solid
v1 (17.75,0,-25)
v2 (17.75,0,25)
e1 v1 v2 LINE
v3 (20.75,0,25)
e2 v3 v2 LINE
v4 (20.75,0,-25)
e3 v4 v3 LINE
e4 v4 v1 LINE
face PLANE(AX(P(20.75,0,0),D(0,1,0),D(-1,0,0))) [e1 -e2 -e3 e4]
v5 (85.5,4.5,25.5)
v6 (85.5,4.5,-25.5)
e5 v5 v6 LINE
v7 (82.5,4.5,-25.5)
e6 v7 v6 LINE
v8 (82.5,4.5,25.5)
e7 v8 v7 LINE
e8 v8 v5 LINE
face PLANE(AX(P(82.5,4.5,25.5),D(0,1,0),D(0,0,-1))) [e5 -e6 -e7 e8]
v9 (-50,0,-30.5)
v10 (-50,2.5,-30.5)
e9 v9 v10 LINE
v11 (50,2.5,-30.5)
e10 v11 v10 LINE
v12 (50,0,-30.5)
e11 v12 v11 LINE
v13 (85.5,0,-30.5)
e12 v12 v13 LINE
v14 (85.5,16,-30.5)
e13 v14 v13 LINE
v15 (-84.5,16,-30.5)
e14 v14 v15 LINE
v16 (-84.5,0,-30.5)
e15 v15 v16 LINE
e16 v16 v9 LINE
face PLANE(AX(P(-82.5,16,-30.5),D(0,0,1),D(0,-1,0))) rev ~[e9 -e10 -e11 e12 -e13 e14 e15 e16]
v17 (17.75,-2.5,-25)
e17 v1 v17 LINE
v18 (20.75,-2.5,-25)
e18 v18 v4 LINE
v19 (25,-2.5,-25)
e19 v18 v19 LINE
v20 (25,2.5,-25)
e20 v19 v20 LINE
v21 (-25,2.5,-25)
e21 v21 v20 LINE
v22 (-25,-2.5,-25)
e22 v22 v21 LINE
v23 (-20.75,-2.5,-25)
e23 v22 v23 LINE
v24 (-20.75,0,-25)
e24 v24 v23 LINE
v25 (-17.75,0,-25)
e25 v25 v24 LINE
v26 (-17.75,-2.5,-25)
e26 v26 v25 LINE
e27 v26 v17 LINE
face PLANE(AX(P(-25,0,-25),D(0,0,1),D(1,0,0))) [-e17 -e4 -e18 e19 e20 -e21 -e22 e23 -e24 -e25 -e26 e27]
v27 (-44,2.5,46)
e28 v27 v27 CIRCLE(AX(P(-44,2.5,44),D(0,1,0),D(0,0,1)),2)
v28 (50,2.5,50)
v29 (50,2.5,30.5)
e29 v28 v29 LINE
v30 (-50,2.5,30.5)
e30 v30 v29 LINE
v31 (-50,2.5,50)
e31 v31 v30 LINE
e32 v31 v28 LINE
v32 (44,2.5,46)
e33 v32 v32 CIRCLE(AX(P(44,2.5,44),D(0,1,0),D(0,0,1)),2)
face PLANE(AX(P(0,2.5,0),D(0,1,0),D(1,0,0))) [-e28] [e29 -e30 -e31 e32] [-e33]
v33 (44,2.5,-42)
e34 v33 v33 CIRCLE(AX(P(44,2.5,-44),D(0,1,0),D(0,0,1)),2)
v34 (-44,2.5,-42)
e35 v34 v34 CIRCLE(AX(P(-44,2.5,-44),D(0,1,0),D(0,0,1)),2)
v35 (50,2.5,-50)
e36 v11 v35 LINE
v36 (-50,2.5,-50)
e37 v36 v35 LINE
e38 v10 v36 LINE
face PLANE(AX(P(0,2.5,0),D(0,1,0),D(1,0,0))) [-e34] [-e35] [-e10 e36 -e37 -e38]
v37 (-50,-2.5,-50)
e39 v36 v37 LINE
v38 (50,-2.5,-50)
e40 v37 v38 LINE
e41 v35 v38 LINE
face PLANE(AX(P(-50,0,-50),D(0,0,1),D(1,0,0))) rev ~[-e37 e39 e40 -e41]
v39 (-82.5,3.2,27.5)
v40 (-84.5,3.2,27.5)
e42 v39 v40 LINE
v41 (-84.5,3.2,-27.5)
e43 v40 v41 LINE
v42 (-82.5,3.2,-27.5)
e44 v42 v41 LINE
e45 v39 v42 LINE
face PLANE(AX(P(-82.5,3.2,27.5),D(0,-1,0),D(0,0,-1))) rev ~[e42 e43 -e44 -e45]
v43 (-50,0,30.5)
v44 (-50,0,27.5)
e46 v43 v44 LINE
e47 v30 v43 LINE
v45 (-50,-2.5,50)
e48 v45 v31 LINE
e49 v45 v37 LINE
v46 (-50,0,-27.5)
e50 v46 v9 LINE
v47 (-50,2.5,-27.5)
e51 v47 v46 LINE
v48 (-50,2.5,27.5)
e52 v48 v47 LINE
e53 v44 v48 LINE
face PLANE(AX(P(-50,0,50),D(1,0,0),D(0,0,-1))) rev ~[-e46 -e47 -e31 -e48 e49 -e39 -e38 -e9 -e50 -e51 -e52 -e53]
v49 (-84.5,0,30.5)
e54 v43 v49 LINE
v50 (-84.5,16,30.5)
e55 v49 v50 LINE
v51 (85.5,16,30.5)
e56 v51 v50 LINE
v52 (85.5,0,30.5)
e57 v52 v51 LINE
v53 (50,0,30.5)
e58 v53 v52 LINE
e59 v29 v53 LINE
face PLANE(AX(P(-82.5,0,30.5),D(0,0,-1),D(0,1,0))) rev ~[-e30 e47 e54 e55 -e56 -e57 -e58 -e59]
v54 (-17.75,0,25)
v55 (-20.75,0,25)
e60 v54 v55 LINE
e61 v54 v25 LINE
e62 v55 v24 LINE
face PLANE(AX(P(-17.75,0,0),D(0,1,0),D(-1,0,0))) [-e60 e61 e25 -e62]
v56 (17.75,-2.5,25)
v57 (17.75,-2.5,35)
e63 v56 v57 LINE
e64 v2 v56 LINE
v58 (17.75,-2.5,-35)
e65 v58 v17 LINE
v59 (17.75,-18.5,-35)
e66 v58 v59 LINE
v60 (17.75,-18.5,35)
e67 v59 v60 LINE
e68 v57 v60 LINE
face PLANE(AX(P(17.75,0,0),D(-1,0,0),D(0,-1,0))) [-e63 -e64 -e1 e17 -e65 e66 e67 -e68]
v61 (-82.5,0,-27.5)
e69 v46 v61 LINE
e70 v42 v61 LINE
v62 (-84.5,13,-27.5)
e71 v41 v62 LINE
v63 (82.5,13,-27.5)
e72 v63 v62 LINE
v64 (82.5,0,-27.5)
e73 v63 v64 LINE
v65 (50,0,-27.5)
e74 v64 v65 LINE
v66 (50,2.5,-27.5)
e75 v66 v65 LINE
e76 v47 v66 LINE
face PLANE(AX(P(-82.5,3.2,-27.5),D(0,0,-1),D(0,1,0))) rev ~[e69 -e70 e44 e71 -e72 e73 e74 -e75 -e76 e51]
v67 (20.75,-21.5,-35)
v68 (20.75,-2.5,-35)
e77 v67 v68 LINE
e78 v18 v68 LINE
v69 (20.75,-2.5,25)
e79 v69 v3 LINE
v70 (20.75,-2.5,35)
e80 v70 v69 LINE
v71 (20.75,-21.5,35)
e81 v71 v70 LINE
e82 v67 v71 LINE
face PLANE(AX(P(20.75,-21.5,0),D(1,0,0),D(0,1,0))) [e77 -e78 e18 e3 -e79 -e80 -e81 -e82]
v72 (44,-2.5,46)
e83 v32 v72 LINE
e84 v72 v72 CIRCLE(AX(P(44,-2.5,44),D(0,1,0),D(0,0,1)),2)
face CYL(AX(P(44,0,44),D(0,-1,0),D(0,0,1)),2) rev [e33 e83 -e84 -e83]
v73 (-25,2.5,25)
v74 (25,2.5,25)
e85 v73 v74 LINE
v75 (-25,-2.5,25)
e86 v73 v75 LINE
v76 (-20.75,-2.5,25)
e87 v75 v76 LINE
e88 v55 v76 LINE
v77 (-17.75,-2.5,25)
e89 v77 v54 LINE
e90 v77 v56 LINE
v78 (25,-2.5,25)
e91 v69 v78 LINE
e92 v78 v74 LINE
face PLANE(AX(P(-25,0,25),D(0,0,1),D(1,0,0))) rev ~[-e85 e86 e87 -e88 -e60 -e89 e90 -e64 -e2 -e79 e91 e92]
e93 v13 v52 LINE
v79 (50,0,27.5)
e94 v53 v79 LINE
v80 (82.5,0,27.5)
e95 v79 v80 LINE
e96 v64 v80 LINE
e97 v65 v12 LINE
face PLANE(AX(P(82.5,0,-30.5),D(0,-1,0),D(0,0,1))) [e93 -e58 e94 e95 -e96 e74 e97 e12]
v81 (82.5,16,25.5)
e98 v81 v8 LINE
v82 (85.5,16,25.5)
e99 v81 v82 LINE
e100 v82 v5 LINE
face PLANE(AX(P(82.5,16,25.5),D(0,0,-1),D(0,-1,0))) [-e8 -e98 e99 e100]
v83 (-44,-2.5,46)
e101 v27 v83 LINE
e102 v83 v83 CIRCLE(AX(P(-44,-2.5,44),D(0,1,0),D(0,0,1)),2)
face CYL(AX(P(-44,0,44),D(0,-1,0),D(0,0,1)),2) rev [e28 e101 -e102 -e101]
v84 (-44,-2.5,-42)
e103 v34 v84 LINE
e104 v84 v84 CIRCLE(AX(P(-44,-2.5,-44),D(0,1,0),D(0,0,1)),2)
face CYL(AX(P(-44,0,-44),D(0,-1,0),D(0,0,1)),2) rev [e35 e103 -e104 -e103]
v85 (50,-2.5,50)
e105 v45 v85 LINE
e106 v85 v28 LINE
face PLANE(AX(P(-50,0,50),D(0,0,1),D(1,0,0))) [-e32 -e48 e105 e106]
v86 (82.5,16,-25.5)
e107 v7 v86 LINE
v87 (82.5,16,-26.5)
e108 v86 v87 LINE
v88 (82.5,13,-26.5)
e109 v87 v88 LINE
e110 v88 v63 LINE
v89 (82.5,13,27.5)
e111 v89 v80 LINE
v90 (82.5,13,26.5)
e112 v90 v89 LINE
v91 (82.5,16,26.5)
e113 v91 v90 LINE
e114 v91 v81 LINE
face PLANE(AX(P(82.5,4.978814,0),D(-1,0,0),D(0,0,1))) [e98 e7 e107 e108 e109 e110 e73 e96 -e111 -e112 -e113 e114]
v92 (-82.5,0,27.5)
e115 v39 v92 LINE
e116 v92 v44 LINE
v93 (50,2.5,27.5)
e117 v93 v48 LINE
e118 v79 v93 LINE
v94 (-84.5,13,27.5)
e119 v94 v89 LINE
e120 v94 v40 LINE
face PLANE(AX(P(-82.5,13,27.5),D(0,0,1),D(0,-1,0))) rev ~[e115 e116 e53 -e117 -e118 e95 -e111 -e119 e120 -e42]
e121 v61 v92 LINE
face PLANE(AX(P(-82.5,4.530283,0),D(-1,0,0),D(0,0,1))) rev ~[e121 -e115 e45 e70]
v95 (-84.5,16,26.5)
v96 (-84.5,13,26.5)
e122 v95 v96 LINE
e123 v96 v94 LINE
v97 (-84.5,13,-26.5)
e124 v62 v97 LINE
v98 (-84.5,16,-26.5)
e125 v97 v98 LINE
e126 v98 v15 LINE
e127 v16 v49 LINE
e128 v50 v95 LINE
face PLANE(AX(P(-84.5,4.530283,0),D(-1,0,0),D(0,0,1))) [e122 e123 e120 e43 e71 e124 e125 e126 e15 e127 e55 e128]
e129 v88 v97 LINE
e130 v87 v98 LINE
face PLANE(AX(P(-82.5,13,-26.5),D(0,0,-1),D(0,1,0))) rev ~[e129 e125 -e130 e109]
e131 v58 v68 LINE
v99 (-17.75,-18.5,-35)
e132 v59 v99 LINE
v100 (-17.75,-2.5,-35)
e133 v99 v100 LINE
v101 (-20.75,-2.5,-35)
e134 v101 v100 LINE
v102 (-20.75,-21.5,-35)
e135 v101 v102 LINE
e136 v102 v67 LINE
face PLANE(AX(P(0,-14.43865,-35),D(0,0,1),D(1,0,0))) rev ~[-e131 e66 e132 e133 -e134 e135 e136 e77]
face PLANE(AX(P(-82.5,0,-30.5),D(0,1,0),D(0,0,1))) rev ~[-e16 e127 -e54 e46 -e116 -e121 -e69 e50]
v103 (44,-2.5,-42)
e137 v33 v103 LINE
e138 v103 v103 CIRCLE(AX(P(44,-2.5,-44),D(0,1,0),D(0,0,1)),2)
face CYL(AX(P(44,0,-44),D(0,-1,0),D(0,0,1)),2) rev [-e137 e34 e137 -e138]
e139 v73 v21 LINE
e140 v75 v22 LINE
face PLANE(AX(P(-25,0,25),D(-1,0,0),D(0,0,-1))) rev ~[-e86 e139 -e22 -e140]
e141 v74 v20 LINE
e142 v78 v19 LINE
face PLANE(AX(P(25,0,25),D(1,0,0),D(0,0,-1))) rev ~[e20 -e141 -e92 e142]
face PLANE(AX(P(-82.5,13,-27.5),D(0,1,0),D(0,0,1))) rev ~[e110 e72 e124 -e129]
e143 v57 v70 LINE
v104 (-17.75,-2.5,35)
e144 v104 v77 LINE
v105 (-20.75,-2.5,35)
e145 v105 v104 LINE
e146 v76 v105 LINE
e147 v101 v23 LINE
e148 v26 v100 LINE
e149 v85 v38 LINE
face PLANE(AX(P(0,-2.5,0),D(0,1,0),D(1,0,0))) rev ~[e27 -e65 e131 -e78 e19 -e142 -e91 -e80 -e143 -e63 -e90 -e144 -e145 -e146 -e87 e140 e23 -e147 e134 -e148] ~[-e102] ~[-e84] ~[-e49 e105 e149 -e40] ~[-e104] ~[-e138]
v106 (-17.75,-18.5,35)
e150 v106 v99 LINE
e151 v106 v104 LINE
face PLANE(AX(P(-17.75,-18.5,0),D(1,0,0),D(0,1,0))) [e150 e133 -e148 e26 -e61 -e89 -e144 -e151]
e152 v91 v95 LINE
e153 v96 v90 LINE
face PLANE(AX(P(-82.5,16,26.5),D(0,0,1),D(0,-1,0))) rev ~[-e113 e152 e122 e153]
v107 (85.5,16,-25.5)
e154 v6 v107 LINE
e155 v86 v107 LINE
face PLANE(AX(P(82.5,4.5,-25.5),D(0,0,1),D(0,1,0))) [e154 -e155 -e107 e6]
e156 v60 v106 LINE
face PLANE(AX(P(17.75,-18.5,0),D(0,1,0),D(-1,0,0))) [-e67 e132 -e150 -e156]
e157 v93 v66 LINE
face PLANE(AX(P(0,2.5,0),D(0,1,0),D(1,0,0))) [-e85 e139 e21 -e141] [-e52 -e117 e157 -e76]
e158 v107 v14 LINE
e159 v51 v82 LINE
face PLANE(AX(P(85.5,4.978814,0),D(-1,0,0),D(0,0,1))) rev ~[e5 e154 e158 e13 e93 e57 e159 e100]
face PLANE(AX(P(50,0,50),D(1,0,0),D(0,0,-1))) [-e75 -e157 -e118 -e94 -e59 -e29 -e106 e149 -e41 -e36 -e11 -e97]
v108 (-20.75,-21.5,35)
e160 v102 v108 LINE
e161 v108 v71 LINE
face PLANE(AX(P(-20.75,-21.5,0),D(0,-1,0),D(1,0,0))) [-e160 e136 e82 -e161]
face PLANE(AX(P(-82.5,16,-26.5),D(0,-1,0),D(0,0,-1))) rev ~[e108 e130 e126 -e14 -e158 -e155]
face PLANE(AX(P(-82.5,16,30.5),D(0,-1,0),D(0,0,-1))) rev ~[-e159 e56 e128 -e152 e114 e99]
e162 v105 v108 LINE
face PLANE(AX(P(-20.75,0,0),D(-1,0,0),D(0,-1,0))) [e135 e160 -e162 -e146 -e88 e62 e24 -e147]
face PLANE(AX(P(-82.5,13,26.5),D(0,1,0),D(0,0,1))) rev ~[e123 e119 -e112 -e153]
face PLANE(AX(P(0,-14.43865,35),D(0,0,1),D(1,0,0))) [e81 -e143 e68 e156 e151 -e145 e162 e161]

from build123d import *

# Parameters (mm, degrees)
SKETCH_2_W      = 100
SKETCH_2_H      = 100
SKETCH_2_R      = 2
SKETCH_2_W_2    = 50
SKETCH_2_H_2    = 50
EXTRUDE_1_DEPTH = 2.5
EXTRUDE_2_DEPTH = 82.5
EXTRUDE_3_DEPTH = 3
EXTRUDE_4_DEPTH = 35
EXTRUDE_5_DEPTH = 2


with BuildPart() as part:
    # 스케치2 → 보스-돌출1 (new, symmetric)
    with BuildSketch(Plane(origin=(0, 0, 0), x_dir=(1, 0, 0), z_dir=(0, 1, 0))):
        Rectangle(SKETCH_2_W, SKETCH_2_H)
        with Locations(Location((-44, 44, 0), (0, 0, 270))):
            Circle(SKETCH_2_R, mode=Mode.SUBTRACT)
        with Locations(Location((44, 44, 0), (0, 0, 270))):
            Circle(SKETCH_2_R, mode=Mode.SUBTRACT)
        with Locations(Location((-44, -44, 0), (0, 0, 270))):
            Circle(SKETCH_2_R, mode=Mode.SUBTRACT)
        with Locations(Location((44, -44, 0), (0, 0, 270))):
            Circle(SKETCH_2_R, mode=Mode.SUBTRACT)
        Rectangle(SKETCH_2_W_2, SKETCH_2_H_2, mode=Mode.SUBTRACT)
    extrude(amount=EXTRUDE_1_DEPTH, both=True)

    # 스케치3 → 보스-돌출2 (add, symmetric)
    with BuildSketch(Plane(origin=(0, 0, 0), x_dir=(0, 0, -1), z_dir=(1, 0, 0))):
        Polygon((-30.5, 0), (-30.5, 16), (-26.5, 16), (-26.5, 13), (-27.5, 13), (-27.5, 0), align=None)
        Polygon((27.5, 0), (30.5, 0), (30.5, 16), (26.5, 16), (26.5, 13), (27.5, 13), align=None)
    extrude(amount=EXTRUDE_2_DEPTH, both=True)

    # 스케치4 → 보스-돌출3 (add)
    with BuildSketch(Plane(origin=(82.5, 0, 0), x_dir=(0, 0, -1), z_dir=(1, 0, 0))):
        Polygon((-30.5, 16), (-25.5, 16), (-25.5, 4.5), (25.5, 4.5), (25.5, 16), (30.5, 16), (30.5, 0), (-30.5, 0), align=None)
    extrude(amount=EXTRUDE_3_DEPTH)

    # 스케치6 → 보스-돌출4 (add, symmetric)
    with BuildSketch(Plane.XY):
        Polygon((-20.75, 0), (-20.75, -21.5), (20.75, -21.5), (20.75, 0), (17.75, 0), (17.75, -18.5), (-17.75, -18.5), (-17.75, 0), align=None)
    extrude(amount=EXTRUDE_4_DEPTH, both=True)

    # 스케치7 → 보스-돌출5 (add)
    with BuildSketch(Plane.ZY.offset(82.5)):
        Polygon((27.5, 3.2), (-27.5, 3.2), (-27.5, 13), (-26.5, 13), (-26.5, 16), (-30.5, 16), (-30.5, 0), (30.5, 0), (30.5, 16), (26.5, 16), (26.5, 13), (27.5, 13), align=None)
    extrude(amount=EXTRUDE_5_DEPTH)


solid = part.part
